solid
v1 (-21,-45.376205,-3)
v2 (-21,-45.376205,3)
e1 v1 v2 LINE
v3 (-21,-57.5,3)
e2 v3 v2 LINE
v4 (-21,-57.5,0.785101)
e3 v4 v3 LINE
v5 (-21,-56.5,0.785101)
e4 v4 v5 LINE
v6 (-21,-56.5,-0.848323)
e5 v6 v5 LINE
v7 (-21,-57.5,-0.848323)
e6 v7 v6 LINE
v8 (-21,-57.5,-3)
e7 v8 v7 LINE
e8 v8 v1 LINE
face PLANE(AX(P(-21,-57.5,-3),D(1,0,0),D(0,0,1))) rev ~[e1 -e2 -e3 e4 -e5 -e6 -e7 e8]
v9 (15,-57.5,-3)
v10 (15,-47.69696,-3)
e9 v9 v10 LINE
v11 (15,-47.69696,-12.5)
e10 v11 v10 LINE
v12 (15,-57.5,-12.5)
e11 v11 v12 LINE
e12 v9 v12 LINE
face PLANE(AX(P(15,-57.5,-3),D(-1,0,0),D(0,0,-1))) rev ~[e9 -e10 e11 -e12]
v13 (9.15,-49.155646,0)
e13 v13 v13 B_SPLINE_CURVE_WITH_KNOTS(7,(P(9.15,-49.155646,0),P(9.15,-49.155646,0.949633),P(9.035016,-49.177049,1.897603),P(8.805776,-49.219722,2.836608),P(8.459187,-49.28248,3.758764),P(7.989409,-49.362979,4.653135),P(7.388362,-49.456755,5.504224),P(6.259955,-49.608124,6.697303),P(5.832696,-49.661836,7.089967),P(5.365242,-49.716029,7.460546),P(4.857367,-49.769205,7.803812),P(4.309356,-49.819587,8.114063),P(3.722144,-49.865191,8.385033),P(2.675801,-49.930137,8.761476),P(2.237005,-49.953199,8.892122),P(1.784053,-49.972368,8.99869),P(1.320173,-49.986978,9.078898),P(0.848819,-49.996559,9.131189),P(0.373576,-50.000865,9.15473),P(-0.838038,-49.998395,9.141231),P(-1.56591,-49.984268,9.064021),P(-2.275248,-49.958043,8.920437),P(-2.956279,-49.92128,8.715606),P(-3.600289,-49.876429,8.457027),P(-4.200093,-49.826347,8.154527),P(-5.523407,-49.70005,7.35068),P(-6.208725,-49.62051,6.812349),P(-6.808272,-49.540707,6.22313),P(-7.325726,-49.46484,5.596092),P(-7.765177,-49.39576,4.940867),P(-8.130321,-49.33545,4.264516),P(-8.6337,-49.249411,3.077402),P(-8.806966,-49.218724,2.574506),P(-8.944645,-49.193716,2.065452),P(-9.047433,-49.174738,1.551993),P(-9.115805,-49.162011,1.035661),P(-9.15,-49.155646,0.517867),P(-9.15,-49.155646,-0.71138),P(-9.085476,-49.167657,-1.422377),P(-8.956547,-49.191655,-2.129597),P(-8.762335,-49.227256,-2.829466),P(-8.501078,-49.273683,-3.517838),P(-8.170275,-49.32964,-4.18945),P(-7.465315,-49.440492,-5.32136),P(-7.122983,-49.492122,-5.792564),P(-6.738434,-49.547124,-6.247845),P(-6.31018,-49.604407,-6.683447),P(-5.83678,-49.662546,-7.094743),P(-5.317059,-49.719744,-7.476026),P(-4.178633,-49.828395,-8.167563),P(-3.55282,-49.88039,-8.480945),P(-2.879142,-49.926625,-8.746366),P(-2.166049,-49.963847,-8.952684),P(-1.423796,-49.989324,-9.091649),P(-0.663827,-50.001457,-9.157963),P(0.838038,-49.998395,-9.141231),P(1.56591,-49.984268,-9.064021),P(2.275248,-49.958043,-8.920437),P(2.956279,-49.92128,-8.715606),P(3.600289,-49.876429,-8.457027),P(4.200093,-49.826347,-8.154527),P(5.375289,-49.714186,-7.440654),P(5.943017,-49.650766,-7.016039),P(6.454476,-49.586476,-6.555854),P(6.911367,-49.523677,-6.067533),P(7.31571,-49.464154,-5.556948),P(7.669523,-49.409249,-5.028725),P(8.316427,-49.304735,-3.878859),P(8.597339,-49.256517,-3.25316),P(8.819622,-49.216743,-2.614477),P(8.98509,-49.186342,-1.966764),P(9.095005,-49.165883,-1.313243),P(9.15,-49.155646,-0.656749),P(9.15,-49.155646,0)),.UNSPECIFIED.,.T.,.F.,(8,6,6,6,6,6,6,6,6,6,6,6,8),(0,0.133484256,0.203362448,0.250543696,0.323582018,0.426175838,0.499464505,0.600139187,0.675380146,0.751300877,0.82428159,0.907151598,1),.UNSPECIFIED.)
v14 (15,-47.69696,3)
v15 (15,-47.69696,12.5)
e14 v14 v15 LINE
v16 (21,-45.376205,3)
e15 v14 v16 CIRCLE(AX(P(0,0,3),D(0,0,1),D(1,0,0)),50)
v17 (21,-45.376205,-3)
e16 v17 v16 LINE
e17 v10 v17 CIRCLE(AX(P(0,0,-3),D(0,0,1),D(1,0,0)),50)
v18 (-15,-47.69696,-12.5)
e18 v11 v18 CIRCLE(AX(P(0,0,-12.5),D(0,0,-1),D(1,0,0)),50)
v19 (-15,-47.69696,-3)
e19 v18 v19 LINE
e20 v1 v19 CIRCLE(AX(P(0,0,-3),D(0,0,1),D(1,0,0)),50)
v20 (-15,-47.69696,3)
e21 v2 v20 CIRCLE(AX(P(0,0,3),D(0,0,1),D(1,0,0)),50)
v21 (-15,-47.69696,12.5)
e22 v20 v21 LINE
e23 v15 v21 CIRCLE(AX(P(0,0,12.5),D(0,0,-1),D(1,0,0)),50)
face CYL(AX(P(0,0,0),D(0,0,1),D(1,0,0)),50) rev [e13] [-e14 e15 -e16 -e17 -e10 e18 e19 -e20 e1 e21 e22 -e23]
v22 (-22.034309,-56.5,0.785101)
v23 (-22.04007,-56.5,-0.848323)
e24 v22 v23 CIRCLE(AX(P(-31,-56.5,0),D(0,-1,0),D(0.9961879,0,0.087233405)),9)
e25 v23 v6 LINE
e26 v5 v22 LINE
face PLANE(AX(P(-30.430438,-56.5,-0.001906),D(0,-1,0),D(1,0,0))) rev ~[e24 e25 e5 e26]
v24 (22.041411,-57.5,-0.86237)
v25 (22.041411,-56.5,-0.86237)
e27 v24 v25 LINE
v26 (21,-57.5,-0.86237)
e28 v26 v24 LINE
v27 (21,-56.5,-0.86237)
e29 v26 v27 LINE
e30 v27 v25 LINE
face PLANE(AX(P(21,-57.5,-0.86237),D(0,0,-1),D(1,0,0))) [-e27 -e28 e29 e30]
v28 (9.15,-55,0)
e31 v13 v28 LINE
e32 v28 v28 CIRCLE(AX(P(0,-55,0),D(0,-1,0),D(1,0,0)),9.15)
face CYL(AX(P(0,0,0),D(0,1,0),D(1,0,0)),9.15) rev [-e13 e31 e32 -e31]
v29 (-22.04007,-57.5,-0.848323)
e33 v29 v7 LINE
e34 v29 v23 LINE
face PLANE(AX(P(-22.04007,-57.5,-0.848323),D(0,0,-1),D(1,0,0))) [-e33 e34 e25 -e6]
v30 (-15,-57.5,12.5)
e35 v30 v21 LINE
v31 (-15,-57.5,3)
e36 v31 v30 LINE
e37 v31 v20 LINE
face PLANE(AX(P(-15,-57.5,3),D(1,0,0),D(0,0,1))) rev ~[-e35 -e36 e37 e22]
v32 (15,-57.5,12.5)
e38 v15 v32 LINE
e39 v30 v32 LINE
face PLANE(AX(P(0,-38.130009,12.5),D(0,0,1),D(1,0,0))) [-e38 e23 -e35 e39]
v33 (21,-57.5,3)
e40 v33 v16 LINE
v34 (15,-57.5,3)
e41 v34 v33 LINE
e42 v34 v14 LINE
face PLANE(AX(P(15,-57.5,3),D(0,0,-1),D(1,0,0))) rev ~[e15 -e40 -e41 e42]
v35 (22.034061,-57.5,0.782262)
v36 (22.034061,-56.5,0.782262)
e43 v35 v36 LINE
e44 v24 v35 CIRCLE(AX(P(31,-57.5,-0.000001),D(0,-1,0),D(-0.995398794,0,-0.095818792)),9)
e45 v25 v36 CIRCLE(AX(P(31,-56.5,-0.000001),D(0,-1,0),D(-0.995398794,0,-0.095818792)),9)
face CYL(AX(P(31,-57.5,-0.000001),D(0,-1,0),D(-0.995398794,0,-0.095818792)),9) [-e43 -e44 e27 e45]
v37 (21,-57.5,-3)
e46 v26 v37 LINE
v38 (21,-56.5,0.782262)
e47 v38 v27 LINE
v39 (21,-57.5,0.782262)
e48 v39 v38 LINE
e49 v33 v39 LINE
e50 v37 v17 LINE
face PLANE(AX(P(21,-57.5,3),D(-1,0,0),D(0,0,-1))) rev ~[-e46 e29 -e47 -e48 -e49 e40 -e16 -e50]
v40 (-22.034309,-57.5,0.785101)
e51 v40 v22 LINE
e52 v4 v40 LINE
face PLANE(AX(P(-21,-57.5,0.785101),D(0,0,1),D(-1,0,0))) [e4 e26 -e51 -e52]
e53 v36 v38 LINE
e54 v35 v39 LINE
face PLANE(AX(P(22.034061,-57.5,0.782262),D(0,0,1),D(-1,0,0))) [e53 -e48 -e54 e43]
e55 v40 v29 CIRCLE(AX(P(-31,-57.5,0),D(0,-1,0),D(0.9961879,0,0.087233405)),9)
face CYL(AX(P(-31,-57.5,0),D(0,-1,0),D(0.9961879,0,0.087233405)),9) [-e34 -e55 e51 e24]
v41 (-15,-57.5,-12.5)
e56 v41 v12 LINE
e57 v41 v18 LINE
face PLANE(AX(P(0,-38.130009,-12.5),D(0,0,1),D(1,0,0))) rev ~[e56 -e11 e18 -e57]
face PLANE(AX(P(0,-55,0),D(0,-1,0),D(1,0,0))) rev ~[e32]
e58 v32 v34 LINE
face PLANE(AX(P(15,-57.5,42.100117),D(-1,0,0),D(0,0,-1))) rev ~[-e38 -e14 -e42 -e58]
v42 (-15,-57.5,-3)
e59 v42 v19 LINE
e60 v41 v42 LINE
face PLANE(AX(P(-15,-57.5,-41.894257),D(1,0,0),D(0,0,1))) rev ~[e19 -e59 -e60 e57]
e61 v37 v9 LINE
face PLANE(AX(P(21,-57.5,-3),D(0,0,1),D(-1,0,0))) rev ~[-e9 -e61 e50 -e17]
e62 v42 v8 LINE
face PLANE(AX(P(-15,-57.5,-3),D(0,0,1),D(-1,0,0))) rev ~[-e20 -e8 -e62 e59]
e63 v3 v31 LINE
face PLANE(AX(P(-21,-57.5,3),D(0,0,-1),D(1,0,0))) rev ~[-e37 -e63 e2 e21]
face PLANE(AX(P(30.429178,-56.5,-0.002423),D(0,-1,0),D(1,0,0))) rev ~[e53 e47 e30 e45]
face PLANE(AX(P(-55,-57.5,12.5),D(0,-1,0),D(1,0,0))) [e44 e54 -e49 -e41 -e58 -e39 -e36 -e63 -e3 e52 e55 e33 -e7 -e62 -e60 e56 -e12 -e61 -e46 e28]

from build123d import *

# Parameters (mm, degrees)
F1_DEPTH  = 12.5
F3_DEPTH  = 25
F4_R      = 9.15
F5_DEPTH  = 55
F6_R      = 9.05
F7_DEPTH  = 52.5
F9_DEPTH  = 3
F11_DEPTH = 57.501
F13_DEPTH = 1


with BuildPart() as f1:
    # F0 (on Top) → F1 (new body, symmetric)
    with BuildSketch(Plane.XY):
        with BuildLine():
            ThreePointArc((50, 0), (0, -50), (-50, 0))
            Line((-50, 0), (-55, 0))
            ThreePointArc((-55, 0), (0, -55), (55, 0))
            Line((55, 0), (50, 0))
        make_face()
    extrude(amount=F1_DEPTH, both=True)

    # F2 (on face) → F3 (join)
    with BuildSketch(Plane.XY.offset(12.5)):
        with BuildLine():
            ThreePointArc((55, 0), (0, -55), (-55, 0))
            Line((-55, 0), (-55, -57.5))
            Line((-55, -57.5), (0, -57.5))
            Line((0, -57.5), (55, -57.5))
            Line((55, -57.5), (55, 0))
        make_face()
    extrude(amount=-F3_DEPTH)

    # F4 (on Front) → F5 (cut)
    with BuildSketch(Plane.XZ):
        Circle(F4_R)
    extrude(amount=F5_DEPTH, mode=Mode.SUBTRACT)

    # F6 (on Right) → F7 (cut, symmetric)
    with BuildSketch(Plane.YZ):
        with Locations((-11, 0)):
            Circle(F6_R)
    extrude(amount=F7_DEPTH, both=True, mode=Mode.SUBTRACT)

    # F8 (on face) → F9 (join)
    with BuildSketch(Plane.XZ.offset(57.5)):
        with BuildLine():
            Line((55, -1.825145), (56.187007, -1.825145))
            ThreePointArc((56.187007, -1.825145), (73.996764, 0.241309), (56.101841, 1.350101))
            Line((56.101841, 1.350101), (55, 1.350101))
            Line((55, 1.350101), (55, -1.825145))
        make_face()
        with BuildLine():
            Line((-55, 0.589209), (-56.019308, 0.589209))
            ThreePointArc((-56.019308, 0.589209), (-73.999691, -0.074534), (-56.010781, -0.440385))
            Line((-56.010781, -0.440385), (-55, -0.440385))
            Line((-55, -0.440385), (-55, 0.589209))
        make_face()
        with BuildLine():
            Line((26.665892, -12.5), (26.665892, -13.538735))
            ThreePointArc((26.665892, -13.538735), (27.491135, -31.499996), (28.35176, -13.540396))
            Line((28.35176, -13.540396), (28.35176, -12.5))
            Line((28.35176, -12.5), (26.665892, -12.5))
        make_face()
        with BuildLine():
            Line((-28.294771, -12.5), (-28.294771, -13.535161))
            ThreePointArc((-28.294771, -13.535161), (-27.521055, -31.499975), (-26.663293, -13.538978))
            Line((-26.663293, -13.538978), (-26.663293, -12.5))
            Line((-26.663293, -12.5), (-28.294771, -12.5))
        make_face()
        with BuildLine():
            Line((-26.327094, 12.5), (-26.327094, 13.576756))
            ThreePointArc((-26.327094, 13.576756), (-27.667739, 31.498437), (-28.339533, 13.539242))
            Line((-28.339533, 13.539242), (-28.339533, 12.5))
            Line((-28.339533, 12.5), (-26.327094, 12.5))
        make_face()
        with BuildLine():
            Line((28.639116, 12.5), (28.639116, 13.572379))
            ThreePointArc((28.639116, 13.572379), (27.368028, 31.499032), (26.623167, 13.542815))
            Line((26.623167, 13.542815), (26.623167, 12.5))
            Line((26.623167, 12.5), (28.639116, 12.5))
        make_face()
    extrude(amount=-F9_DEPTH)

    # F10 (on face) → F11 (cut, through all)
    with BuildSketch(Plane.XZ.offset(57.5)):
        Polygon((-15, 3), (-15, 12.5), (-15, 43.200534), (-80.149591, 43.200534), (-80.149591, -41.894257), (-15, -41.894257), (-15, -12.5), (-15, -3), (-21, -3), (-21, 0), (-21, 3), align=None)
        Polygon((15, 42.100117), (15, 12.5), (15, 3), (21, 3), (21, 0), (21, -3), (15, -3), (15, -12.5), (15, -47.119375), (79.776369, -47.119375), (79.776369, 42.100117), align=None)
    extrude(amount=-F11_DEPTH, mode=Mode.SUBTRACT)

    # F12 (on face) → F13 (join)
    with BuildSketch(Plane.XZ.offset(57.5)):
        with BuildLine():
            Line((-21, 0.785101), (-22.034309, 0.785101))
            ThreePointArc((-22.034309, 0.785101), (-39.999944, 0.031742), (-22.04007, -0.848323))
            Line((-22.04007, -0.848323), (-21, -0.848323))
            Line((-21, -0.848323), (-21, 0.785101))
        make_face()
        with BuildLine():
            Line((21, -0.86237), (22.041411, -0.86237))
            ThreePointArc((22.041411, -0.86237), (39.99991, 0.040222), (22.034061, 0.782262))
            Line((22.034061, 0.782262), (21, 0.782262))
            Line((21, 0.782262), (21, -0.86237))
        make_face()
    extrude(amount=-F13_DEPTH)


solid = f1.part
